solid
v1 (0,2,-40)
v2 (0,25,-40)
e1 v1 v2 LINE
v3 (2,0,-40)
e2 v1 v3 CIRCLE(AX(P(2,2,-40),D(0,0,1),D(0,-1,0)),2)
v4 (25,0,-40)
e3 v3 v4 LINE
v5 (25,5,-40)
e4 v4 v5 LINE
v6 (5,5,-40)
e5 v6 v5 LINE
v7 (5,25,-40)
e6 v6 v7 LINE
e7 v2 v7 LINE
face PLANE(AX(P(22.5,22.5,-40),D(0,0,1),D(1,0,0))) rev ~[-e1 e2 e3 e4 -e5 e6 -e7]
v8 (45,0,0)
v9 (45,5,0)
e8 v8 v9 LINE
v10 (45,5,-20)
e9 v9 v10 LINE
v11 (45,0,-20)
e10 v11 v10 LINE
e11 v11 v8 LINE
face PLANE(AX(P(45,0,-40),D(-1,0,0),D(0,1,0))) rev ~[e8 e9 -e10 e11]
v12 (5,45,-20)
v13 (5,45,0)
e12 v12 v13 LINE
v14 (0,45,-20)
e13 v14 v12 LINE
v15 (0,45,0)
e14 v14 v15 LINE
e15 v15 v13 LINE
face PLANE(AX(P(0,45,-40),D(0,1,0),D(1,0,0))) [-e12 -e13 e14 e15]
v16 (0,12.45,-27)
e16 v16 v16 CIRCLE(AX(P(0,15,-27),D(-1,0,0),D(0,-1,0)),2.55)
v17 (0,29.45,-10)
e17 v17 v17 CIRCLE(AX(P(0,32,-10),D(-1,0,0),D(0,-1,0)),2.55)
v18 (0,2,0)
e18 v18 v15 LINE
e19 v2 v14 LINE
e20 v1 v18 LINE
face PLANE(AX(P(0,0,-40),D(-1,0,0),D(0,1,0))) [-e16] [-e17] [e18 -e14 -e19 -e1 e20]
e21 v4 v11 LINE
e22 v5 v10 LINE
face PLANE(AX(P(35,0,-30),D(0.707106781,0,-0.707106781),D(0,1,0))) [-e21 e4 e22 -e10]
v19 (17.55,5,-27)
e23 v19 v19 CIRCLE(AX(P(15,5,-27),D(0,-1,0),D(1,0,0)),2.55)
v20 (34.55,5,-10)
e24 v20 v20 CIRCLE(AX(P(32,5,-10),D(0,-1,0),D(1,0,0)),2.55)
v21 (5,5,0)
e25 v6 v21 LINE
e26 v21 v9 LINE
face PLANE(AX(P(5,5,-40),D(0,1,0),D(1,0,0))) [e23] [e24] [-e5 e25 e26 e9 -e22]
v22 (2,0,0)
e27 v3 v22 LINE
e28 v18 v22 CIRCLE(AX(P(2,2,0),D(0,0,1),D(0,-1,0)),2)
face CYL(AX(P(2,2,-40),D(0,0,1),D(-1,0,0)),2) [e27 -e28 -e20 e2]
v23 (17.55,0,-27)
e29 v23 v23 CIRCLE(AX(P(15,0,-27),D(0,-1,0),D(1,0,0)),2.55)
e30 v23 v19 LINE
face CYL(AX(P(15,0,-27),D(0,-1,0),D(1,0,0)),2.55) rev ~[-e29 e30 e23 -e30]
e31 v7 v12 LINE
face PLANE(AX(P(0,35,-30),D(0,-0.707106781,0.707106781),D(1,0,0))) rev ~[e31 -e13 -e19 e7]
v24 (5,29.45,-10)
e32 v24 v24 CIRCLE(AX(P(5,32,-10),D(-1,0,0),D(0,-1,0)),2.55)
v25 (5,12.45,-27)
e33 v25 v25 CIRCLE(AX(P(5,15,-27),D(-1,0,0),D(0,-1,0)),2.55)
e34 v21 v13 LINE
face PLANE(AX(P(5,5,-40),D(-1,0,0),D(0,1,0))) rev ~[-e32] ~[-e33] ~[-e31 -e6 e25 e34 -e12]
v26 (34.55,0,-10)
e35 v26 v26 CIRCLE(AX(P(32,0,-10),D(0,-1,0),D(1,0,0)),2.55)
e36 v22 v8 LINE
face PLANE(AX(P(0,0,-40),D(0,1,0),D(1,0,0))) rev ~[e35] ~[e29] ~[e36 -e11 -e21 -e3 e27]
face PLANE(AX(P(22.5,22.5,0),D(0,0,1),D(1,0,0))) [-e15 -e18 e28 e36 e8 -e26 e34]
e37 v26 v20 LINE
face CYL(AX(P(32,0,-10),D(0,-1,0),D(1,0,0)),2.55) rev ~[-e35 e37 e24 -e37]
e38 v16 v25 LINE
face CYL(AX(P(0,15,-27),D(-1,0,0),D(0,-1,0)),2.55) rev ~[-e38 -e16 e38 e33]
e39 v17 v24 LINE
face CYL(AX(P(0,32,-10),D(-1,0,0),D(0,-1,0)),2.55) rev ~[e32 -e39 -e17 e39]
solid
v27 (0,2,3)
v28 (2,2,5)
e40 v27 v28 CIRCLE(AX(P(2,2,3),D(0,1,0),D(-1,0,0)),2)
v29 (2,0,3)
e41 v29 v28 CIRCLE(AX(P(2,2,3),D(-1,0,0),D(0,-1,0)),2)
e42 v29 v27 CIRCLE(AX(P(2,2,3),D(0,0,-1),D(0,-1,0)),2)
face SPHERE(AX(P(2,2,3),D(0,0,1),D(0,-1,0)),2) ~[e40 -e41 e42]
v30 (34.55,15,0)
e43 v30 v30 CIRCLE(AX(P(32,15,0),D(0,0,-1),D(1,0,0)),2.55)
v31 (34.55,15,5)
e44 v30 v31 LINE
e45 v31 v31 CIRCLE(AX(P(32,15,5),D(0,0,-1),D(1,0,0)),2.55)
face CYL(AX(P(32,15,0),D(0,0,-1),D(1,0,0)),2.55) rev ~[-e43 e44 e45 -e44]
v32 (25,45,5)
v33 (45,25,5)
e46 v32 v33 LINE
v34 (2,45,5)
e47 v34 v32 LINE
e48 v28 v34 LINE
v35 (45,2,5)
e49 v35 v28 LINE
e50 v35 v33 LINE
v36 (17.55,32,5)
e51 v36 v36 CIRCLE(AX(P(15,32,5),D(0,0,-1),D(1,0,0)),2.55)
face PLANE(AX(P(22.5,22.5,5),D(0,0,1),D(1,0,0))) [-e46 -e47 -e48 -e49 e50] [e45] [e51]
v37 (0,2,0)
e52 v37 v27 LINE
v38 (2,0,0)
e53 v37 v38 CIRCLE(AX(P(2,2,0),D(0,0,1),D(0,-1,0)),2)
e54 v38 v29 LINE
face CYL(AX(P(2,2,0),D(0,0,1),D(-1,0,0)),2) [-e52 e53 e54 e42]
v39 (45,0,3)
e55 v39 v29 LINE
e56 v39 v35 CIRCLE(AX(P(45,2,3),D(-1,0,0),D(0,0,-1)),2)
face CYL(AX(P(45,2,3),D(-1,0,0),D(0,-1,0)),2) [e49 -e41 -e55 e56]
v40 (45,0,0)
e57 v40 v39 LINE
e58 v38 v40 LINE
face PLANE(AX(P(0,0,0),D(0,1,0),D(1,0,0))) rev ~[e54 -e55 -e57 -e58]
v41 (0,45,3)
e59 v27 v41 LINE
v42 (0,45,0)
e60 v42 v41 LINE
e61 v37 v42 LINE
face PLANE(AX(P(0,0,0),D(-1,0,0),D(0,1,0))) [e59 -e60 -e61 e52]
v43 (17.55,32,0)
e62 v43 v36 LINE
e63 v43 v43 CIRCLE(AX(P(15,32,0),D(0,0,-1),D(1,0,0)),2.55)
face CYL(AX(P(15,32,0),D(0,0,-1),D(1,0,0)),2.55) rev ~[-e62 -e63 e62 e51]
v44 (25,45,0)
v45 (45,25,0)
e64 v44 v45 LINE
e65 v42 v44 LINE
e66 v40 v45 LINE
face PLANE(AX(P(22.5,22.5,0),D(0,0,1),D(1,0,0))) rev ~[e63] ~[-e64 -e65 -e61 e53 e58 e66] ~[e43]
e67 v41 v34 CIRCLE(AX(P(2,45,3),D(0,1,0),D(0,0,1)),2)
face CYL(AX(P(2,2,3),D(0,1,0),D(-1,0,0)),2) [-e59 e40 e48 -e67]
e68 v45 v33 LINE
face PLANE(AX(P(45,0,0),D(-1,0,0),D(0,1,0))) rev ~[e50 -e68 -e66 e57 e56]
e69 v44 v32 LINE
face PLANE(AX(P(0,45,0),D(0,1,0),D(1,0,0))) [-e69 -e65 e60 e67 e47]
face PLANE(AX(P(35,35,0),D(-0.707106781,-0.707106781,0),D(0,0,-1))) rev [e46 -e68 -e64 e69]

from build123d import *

# Parameters (mm, degrees)
BOX_W           = 45
BOX_H           = 45
BOX_DEPTH       = 5
SKETCH001_R     = 2.55
POCKET_DEPTH    = 5
FILLET_R        = 2
FILLET001_R     = 2
CHAMFER_SIZE    = 20
BOX002_W        = 45
BOX002_H        = 45
BOX002_DEPTH    = 40
BOX001_W        = 45
BOX001_H        = 45
BOX001_DEPTH    = 40
FILLET002_R     = 2
CHAMFER001_SIZE = 20
SKETCH_R        = 2.55
POCKET001_DEPTH = 5
SKETCH002_R     = 2.55
POCKET002_DEPTH = 5


with BuildPart() as chamfer_body:
    # Box → Box (new body)
    with BuildSketch(Plane.XY):
        with Locations((22.5, 22.5)):
            Rectangle(BOX_W, BOX_H)
    extrude(amount=BOX_DEPTH)

    # Sketch001 → Pocket (cut)
    with BuildSketch(Plane(origin=(0, 0, 0), x_dir=(1, 0, 0), z_dir=(0, 0, -1))):
        with Locations((15, -32)):
            Circle(SKETCH001_R)
        with Locations((32, -15)):
            Circle(SKETCH001_R)
    extrude(amount=-POCKET_DEPTH, mode=Mode.SUBTRACT)

    # Fillet
    fillet_edges = [chamfer_body.edges().sort_by_distance(p)[0] for p in [
        (0, 0, 2.5),
    ]]
    fillet(fillet_edges, radius=FILLET_R)

    # Fillet001
    fillet001_edges = [chamfer_body.edges().sort_by_distance(p)[0] for p in [
        (0, 23.5, 5),
        (0.585786, 0.585786, 5),
        (23.5, 0, 5),
    ]]
    fillet(fillet001_edges, radius=FILLET001_R)

    # Chamfer
    chamfer_edges = [chamfer_body.edges().sort_by_distance(p)[0] for p in [
        (45, 45, 2.5),
    ]]
    chamfer(chamfer_edges, length=CHAMFER_SIZE)


with BuildPart() as cube002:
    # Box002 → Box002 (new body)
    with BuildSketch(Plane(origin=(5, 5, -40), x_dir=(1, 0, 0), z_dir=(0, 0, 1))):
        with Locations((22.5, 22.5)):
            Rectangle(BOX002_W, BOX002_H)
    extrude(amount=BOX002_DEPTH)


with BuildPart() as pocket002:
    # Box001 → Box001 (new body)
    with BuildSketch(Plane.XY.offset(-40)):
        with Locations((22.5, 22.5)):
            Rectangle(BOX001_W, BOX001_H)
    extrude(amount=BOX001_DEPTH)

    # Cut: cut Cube002
    add(cube002.part, mode=Mode.SUBTRACT)

    # Fillet002
    fillet002_edges = [pocket002.edges().sort_by_distance(p)[0] for p in [
        (0, 0, -20),
    ]]
    fillet(fillet002_edges, radius=FILLET002_R)

    # Chamfer001
    chamfer001_edges = [pocket002.edges().sort_by_distance(p)[0] for p in [
        (45, 2.5, -40),
        (2.5, 45, -40),
    ]]
    chamfer(chamfer001_edges, length=CHAMFER001_SIZE)

    # Sketch → Pocket001 (cut)
    with BuildSketch(Plane.XZ):
        with Locations((32, -10)):
            Circle(SKETCH_R)
        with Locations((15, -27)):
            Circle(SKETCH_R)
    extrude(amount=-POCKET001_DEPTH, mode=Mode.SUBTRACT)

    # Sketch002 → Pocket002 (cut)
    with BuildSketch(Plane(origin=(0, 0, 0), x_dir=(0, -1, 0), z_dir=(-1, 0, 0))):
        with Locations((-32, -10)):
            Circle(SKETCH002_R)
        with Locations((-15, -27)):
            Circle(SKETCH002_R)
    extrude(amount=-POCKET002_DEPTH, mode=Mode.SUBTRACT)


solid = Compound([chamfer_body.part, pocket002.part])
